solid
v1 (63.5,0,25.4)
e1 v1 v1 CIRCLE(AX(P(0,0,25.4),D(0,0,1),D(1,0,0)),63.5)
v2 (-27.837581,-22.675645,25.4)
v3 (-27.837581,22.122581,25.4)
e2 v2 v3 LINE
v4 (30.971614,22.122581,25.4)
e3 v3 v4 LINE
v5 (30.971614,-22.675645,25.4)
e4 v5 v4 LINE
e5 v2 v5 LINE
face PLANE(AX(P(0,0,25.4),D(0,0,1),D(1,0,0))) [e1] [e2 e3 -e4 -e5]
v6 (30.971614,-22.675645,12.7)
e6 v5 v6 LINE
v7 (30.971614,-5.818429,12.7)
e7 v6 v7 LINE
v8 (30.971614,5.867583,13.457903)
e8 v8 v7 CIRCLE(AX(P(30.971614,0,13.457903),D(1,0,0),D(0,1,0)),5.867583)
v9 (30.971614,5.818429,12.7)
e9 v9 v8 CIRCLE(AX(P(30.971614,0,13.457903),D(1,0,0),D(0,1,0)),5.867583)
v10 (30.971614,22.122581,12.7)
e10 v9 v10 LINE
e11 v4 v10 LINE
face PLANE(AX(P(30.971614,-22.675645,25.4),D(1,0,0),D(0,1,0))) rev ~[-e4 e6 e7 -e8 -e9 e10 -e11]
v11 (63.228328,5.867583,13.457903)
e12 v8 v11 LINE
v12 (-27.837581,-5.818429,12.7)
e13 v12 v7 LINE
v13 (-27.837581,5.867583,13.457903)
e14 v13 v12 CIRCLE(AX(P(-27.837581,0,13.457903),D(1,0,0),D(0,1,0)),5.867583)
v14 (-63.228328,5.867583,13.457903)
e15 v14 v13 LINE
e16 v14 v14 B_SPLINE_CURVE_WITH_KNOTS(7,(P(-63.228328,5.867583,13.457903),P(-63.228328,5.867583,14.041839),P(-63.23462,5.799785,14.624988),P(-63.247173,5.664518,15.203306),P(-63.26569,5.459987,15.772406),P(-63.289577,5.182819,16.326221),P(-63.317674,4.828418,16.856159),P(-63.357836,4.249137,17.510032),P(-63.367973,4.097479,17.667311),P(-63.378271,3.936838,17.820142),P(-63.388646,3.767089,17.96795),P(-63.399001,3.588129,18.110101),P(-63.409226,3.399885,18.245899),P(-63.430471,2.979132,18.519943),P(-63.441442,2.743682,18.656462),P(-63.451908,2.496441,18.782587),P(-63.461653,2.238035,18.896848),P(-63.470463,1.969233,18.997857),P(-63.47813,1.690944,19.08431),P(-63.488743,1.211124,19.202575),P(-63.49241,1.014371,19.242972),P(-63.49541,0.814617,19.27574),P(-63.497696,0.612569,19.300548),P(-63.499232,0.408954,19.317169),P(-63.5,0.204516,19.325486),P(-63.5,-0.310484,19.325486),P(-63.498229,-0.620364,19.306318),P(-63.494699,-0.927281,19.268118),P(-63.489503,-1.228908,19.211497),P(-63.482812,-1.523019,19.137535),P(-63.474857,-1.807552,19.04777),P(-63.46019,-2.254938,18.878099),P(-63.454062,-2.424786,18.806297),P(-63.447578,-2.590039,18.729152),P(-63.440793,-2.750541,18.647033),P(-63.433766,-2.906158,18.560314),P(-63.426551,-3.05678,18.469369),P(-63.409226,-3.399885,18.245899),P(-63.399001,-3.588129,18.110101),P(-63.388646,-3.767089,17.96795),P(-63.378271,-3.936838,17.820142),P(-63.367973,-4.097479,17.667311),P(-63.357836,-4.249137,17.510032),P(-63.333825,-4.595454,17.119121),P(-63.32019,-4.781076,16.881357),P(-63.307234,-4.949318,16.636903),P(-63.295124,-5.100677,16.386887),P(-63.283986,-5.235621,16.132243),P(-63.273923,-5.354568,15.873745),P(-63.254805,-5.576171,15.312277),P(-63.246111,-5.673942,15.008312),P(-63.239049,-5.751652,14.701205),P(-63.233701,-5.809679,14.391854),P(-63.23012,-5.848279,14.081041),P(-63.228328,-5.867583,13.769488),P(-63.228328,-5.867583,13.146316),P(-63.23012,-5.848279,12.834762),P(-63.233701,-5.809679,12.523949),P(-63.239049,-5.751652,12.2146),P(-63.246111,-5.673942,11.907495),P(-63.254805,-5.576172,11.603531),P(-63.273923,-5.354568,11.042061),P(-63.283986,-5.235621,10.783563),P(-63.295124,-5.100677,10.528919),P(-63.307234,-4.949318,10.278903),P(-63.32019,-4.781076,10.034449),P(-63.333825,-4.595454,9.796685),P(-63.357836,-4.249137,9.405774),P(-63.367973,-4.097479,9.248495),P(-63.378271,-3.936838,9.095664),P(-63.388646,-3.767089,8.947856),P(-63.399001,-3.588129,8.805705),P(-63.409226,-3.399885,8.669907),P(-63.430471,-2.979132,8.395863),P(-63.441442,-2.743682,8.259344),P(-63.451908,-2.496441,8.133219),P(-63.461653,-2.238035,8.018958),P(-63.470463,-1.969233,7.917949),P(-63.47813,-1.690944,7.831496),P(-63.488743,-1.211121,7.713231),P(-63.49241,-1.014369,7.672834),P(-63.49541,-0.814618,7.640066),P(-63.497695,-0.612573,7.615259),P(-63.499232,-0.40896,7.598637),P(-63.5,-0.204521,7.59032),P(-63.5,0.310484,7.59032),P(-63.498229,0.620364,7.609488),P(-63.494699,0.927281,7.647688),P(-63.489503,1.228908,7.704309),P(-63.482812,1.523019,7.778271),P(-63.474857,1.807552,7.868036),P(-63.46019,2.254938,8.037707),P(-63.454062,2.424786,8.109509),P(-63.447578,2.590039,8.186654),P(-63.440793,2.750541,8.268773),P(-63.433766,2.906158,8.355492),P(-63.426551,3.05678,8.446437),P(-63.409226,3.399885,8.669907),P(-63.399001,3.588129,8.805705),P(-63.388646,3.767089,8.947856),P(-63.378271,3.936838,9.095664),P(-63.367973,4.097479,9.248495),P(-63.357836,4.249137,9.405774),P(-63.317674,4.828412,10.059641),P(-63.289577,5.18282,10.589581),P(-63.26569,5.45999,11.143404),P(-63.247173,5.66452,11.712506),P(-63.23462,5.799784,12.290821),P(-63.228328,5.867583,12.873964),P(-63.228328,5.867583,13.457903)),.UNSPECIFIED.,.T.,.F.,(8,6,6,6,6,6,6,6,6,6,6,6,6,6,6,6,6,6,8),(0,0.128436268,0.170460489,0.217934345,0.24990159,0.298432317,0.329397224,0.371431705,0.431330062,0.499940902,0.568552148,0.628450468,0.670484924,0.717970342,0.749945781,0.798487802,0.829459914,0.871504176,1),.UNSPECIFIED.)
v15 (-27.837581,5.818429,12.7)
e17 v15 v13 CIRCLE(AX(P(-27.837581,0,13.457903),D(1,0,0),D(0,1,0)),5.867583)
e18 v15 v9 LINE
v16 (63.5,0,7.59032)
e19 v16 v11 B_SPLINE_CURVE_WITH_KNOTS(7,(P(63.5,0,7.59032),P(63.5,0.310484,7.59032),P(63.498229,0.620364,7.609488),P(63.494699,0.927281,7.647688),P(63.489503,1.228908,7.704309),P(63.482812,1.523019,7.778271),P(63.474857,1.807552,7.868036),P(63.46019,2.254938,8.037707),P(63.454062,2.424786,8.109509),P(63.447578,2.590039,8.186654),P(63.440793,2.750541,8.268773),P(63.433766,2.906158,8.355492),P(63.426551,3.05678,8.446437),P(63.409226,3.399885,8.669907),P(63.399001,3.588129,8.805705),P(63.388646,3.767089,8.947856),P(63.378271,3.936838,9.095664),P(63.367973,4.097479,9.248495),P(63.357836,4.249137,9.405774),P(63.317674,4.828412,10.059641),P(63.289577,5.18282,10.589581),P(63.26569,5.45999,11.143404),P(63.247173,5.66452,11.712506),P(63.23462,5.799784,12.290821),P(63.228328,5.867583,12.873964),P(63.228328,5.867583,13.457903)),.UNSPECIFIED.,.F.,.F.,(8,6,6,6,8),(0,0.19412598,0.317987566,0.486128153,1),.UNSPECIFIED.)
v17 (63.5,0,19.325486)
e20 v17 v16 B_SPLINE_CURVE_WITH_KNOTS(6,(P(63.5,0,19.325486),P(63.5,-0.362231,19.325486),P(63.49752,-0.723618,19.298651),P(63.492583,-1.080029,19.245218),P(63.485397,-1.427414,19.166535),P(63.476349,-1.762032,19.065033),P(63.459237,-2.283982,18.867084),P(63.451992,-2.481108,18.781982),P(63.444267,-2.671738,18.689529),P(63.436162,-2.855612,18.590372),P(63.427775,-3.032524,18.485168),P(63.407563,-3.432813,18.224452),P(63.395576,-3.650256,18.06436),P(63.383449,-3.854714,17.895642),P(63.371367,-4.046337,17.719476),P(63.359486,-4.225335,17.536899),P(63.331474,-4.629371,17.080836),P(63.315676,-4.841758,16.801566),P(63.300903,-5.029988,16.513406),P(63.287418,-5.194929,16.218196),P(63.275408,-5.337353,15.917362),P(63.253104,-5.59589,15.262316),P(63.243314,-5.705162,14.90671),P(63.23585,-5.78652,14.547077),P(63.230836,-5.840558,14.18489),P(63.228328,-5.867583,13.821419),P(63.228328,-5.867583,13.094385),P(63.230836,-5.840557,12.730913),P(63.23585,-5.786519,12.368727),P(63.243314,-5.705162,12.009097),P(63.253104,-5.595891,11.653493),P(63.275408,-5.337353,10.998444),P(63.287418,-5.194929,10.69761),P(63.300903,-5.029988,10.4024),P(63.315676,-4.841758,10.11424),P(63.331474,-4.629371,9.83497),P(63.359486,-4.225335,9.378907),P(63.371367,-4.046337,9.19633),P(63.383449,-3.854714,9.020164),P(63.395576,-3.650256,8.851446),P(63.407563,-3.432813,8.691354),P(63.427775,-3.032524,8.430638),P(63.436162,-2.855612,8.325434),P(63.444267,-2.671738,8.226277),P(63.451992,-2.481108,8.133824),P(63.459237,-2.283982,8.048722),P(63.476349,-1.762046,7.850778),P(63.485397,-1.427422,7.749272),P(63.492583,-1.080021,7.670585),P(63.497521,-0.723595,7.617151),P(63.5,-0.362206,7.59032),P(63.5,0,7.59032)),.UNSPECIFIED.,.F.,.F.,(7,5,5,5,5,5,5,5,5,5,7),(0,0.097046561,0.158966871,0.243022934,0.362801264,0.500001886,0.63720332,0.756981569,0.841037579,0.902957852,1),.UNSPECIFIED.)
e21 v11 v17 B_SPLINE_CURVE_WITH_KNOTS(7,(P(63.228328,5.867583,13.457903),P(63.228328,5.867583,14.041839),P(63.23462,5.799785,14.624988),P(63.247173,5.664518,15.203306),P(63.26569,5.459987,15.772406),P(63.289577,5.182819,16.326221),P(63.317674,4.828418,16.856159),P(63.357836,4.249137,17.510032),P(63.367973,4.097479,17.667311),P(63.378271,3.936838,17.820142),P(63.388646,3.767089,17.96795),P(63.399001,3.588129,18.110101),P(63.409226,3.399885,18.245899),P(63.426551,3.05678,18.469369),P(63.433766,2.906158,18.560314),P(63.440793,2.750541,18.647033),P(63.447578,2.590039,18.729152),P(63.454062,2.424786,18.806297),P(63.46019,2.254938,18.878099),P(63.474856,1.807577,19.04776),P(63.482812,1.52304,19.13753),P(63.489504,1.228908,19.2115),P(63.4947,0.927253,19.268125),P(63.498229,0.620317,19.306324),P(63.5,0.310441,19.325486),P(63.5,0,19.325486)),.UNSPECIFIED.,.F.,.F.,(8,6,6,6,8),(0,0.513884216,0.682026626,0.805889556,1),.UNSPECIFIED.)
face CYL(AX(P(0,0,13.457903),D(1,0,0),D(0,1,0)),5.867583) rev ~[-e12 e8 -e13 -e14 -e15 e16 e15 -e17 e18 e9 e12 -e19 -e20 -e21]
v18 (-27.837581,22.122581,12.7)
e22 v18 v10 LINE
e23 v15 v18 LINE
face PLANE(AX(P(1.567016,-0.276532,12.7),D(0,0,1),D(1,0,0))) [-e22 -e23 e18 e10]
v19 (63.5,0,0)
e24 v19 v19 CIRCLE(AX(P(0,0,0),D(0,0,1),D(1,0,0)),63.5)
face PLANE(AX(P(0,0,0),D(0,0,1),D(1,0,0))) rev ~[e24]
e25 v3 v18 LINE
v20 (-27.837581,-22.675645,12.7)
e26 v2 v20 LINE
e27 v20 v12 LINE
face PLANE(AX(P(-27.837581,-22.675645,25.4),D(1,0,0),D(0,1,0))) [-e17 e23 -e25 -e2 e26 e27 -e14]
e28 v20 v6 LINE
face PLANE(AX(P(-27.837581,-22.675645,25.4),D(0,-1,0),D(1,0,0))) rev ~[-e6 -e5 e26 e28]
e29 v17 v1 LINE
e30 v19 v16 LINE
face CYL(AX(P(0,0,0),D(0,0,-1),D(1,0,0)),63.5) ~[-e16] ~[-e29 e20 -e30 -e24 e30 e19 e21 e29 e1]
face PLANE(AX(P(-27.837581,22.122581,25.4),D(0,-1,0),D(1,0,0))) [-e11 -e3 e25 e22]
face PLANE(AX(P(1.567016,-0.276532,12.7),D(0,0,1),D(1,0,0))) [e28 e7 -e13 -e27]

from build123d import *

# Parameters (mm, degrees)
F0_R     = 63.5
F1_DEPTH = 25.4
F2_W     = 58.809195
F2_H     = 44.798226
F3_DEPTH = 12.7
F4_R     = 5.867583
F5_DEPTH = 127


with BuildPart() as f1:
    # F0 (on Top) → F1 (new body)
    with BuildSketch(Plane.XY):
        Circle(F0_R)
    extrude(amount=F1_DEPTH)

    # F2 (on face) → F3 (cut)
    with BuildSketch(Plane.XY.offset(25.4)):
        with Locations((1.567016, -0.276532)):
            Rectangle(F2_W, F2_H)
    extrude(amount=-F3_DEPTH, mode=Mode.SUBTRACT)

    # F4 (on Right) → F5 (cut, symmetric)
    with BuildSketch(Plane.YZ):
        with Locations((0, 13.457903)):
            Circle(F4_R)
    extrude(amount=F5_DEPTH, both=True, mode=Mode.SUBTRACT)


solid = f1.part
